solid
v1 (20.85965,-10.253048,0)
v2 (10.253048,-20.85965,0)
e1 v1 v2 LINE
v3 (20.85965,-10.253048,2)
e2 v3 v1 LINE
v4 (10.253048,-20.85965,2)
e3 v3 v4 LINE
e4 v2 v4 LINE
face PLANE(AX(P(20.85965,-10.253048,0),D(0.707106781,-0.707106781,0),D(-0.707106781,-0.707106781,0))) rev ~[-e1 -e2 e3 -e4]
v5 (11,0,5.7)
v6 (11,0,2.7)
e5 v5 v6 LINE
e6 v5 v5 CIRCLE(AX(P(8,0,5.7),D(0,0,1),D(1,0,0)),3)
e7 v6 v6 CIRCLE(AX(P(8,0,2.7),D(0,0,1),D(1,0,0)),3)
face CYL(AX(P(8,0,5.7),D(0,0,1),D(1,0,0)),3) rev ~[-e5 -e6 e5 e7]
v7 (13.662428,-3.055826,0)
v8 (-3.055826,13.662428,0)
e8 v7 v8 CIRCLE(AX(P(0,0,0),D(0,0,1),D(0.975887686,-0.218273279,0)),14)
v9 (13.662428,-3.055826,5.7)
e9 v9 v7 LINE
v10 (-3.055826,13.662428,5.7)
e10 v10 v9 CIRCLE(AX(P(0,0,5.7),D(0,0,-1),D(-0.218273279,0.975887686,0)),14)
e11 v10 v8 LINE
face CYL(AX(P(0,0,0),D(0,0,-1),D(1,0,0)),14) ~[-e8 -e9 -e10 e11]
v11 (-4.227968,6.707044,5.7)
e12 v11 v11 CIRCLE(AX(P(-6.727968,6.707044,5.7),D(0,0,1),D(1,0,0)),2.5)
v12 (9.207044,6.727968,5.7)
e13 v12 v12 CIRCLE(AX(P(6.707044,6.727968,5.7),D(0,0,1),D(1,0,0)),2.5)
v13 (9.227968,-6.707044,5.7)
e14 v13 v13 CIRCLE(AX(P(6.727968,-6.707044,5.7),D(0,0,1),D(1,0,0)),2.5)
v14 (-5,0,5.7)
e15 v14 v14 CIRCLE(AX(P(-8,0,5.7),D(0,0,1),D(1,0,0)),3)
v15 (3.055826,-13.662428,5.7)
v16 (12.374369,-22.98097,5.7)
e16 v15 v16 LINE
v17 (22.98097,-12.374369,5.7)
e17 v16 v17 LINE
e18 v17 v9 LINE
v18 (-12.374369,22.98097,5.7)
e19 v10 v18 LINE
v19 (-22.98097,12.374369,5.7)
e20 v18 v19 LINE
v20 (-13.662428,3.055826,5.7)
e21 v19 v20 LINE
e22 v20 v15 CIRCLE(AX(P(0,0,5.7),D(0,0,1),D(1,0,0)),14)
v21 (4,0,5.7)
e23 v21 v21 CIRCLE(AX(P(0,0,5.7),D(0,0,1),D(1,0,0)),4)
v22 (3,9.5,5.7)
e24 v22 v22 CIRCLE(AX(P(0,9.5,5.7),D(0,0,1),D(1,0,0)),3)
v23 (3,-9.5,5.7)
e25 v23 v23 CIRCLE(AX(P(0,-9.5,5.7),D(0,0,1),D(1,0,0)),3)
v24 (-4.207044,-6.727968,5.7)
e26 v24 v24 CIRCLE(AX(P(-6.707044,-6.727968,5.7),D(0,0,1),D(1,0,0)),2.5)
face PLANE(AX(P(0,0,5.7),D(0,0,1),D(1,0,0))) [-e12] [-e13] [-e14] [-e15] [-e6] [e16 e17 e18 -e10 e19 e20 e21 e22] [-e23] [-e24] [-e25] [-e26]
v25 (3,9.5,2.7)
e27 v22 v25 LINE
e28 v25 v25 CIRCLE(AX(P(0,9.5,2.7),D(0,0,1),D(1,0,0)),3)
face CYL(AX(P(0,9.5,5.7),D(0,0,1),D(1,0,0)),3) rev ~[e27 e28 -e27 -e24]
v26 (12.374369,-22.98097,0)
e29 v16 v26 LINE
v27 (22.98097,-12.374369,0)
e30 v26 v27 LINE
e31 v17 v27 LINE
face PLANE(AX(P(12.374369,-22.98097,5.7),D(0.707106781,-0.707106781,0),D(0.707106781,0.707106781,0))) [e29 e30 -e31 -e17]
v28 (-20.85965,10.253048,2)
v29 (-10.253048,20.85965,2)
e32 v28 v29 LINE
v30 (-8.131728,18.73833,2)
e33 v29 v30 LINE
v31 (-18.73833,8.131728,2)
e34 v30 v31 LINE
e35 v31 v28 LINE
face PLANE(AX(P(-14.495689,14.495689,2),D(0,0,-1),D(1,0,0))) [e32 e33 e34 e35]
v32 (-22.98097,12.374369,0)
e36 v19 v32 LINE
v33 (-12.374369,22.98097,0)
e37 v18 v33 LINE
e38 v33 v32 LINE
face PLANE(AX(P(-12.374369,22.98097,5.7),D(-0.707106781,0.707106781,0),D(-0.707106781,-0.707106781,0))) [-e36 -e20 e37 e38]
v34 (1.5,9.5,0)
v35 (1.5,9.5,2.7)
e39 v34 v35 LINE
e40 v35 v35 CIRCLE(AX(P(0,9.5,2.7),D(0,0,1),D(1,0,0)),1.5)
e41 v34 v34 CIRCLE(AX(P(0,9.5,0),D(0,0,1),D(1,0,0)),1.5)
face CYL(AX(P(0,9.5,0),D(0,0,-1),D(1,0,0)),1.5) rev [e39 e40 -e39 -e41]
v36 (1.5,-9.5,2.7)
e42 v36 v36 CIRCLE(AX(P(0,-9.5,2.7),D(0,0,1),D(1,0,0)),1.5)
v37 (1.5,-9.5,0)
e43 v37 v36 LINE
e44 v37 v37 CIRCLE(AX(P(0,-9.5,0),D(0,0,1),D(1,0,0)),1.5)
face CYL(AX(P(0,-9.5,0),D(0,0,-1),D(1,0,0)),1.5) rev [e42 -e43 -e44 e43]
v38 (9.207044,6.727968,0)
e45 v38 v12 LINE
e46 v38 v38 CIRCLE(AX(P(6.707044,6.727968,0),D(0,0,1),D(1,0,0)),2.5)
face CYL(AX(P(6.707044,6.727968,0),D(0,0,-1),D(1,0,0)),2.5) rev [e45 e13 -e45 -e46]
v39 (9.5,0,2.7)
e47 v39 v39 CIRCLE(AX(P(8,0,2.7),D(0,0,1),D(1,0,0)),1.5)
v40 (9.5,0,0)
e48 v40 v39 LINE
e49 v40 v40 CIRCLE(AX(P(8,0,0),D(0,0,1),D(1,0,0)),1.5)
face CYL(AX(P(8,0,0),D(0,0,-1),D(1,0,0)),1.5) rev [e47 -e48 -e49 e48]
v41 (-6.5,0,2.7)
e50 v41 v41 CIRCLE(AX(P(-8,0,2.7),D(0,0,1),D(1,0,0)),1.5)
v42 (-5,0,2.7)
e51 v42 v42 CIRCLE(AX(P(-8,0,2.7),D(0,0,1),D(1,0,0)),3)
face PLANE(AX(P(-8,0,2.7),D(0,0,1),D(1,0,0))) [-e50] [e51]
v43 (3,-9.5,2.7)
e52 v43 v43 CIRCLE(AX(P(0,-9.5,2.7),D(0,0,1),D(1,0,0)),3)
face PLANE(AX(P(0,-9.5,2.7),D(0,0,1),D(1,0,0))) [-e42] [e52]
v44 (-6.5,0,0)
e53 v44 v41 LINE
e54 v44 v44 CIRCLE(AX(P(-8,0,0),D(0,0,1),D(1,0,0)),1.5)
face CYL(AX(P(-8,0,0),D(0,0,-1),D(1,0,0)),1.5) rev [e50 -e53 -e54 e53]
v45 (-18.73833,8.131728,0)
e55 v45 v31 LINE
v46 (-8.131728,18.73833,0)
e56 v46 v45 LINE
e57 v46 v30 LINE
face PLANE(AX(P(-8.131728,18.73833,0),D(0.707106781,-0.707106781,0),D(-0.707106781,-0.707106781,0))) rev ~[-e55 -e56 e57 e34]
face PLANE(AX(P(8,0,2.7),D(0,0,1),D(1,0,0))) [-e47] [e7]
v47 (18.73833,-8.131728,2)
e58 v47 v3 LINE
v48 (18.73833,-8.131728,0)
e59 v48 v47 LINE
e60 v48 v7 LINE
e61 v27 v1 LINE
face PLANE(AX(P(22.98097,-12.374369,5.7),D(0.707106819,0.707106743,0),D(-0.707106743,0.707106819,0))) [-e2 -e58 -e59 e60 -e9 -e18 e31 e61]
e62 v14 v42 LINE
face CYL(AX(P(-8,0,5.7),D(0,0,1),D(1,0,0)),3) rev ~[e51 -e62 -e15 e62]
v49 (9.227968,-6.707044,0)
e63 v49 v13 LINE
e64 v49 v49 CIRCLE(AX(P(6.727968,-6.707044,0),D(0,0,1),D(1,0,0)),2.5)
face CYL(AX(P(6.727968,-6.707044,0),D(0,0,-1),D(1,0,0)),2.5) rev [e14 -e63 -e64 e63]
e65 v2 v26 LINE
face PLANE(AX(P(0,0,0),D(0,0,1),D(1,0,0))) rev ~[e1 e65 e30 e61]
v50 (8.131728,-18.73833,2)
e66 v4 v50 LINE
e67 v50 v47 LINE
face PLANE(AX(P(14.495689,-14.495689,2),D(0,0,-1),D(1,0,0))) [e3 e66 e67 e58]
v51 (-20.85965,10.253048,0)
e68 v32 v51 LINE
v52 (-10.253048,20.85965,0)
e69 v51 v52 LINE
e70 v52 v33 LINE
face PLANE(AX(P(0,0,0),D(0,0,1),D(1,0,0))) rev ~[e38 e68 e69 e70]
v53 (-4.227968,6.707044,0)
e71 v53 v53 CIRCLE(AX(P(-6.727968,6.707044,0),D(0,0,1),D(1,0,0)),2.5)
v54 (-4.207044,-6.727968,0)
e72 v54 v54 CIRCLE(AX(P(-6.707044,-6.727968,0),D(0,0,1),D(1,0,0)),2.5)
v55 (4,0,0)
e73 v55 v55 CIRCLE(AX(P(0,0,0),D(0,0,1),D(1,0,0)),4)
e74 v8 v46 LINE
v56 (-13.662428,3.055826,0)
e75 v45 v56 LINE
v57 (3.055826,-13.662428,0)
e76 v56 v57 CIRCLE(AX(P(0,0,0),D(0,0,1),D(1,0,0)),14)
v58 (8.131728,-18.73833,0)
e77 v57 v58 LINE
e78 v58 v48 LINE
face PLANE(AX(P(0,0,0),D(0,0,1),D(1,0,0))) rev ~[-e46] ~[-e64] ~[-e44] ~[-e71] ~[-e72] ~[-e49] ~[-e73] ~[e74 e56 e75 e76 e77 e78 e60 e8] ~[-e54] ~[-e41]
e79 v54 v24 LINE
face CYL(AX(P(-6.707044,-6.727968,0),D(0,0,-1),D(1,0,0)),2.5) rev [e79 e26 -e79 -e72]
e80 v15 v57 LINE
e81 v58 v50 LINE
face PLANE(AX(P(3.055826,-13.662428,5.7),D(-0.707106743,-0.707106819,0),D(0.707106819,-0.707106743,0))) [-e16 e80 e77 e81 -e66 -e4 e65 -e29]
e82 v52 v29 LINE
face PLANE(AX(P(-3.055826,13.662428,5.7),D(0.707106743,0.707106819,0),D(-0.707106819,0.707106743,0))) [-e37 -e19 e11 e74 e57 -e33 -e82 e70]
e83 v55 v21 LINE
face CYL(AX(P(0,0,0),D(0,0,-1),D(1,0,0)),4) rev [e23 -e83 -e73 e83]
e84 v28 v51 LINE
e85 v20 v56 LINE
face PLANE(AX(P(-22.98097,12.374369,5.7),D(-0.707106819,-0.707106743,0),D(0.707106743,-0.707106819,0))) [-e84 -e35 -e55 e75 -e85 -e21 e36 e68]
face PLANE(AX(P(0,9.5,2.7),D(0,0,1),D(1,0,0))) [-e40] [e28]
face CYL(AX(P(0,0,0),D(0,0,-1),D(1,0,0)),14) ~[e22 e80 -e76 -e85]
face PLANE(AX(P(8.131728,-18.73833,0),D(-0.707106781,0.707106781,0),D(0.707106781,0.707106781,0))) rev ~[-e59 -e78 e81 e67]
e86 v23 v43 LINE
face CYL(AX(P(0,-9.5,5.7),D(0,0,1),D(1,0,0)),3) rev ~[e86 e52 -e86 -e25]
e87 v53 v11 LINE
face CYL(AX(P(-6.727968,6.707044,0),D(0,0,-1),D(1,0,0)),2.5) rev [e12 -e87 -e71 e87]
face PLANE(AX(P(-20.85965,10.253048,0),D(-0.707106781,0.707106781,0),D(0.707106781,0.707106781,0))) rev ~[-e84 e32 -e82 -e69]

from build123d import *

# Parameters (mm, degrees)
F0_R     = 14
F0_R_2   = 2.5
F0_R_3   = 1.5
F0_R_4   = 4
F1_DEPTH = 5.7
F2_R     = 3
F2_R_2   = 1.5
F3_DEPTH = 3
F5_DEPTH = 5.7
F7_DEPTH = 2


with BuildPart() as f1:
    # F0 (on Top) → F1 (new body)
    with BuildSketch(Plane.XY):
        Circle(F0_R)
        with Locations((-6.707044, -6.727968)):
            Circle(F0_R_2, mode=Mode.SUBTRACT)
        with Locations((0, -9.5)):
            Circle(F0_R_3, mode=Mode.SUBTRACT)
        with Locations((6.727968, -6.707044)):
            Circle(F0_R_2, mode=Mode.SUBTRACT)
        with Locations((-8, 0)):
            Circle(F0_R_3, mode=Mode.SUBTRACT)
        with Locations((-6.727968, 6.707044)):
            Circle(F0_R_2, mode=Mode.SUBTRACT)
        Circle(F0_R_4, mode=Mode.SUBTRACT)
        with Locations((6.707044, 6.727968)):
            Circle(F0_R_2, mode=Mode.SUBTRACT)
        with Locations((8, 0)):
            Circle(F0_R_3, mode=Mode.SUBTRACT)
        with Locations((0, 9.5)):
            Circle(F0_R_3, mode=Mode.SUBTRACT)
    extrude(amount=F1_DEPTH)

    # F2 (on face) → F3 (cut)
    with BuildSketch(Plane.XY.offset(5.7)):
        with Locations((0, 9.5)):
            Circle(F2_R)
        with Locations((0, 9.5)):
            Circle(F2_R_2, mode=Mode.SUBTRACT)
        with Locations((-8, 0)):
            Circle(F2_R)
        with Locations((-8, 0)):
            Circle(F2_R_2, mode=Mode.SUBTRACT)
        with Locations((0, -9.5)):
            Circle(F2_R)
        with Locations((0, -9.5)):
            Circle(F2_R_2, mode=Mode.SUBTRACT)
        with Locations((8, 0)):
            Circle(F2_R)
        with Locations((8, 0)):
            Circle(F2_R_2, mode=Mode.SUBTRACT)
    extrude(amount=-F3_DEPTH, mode=Mode.SUBTRACT)

    # F4 (on face) → F5 (join)
    with BuildSketch(Plane.XY.offset(5.7)):
        with BuildLine():
            Line((-22.98097, 12.374369), (-13.662428, 3.055826))
            ThreePointArc((-13.662428, 3.055826), (-9.899495, 9.899495), (-3.055826, 13.662428))
            Line((-3.055826, 13.662428), (-12.374369, 22.98097))
            Line((-12.374369, 22.98097), (-22.98097, 12.374369))
        make_face()
        with BuildLine():
            Line((12.374369, -22.98097), (22.98097, -12.374369))
            Line((22.98097, -12.374369), (13.662428, -3.055826))
            ThreePointArc((13.662428, -3.055826), (9.899495, -9.899495), (3.055826, -13.662428))
            Line((3.055826, -13.662428), (12.374369, -22.98097))
        make_face()
    extrude(amount=-F5_DEPTH)

    # F6 (on face) → F7 (cut)
    with BuildSketch(Plane(origin=(0, 0, 0), x_dir=(1, 0, 0), z_dir=(0, 0, -1))):
        Polygon((-8.131728, -18.73833), (-18.73833, -8.131728), (-20.85965, -10.253048), (-10.253048, -20.85965), align=None)
        Polygon((20.85965, 10.253048), (10.253048, 20.85965), (8.131728, 18.73833), (18.73833, 8.131728), align=None)
    extrude(amount=-F7_DEPTH, mode=Mode.SUBTRACT)


solid = f1.part
